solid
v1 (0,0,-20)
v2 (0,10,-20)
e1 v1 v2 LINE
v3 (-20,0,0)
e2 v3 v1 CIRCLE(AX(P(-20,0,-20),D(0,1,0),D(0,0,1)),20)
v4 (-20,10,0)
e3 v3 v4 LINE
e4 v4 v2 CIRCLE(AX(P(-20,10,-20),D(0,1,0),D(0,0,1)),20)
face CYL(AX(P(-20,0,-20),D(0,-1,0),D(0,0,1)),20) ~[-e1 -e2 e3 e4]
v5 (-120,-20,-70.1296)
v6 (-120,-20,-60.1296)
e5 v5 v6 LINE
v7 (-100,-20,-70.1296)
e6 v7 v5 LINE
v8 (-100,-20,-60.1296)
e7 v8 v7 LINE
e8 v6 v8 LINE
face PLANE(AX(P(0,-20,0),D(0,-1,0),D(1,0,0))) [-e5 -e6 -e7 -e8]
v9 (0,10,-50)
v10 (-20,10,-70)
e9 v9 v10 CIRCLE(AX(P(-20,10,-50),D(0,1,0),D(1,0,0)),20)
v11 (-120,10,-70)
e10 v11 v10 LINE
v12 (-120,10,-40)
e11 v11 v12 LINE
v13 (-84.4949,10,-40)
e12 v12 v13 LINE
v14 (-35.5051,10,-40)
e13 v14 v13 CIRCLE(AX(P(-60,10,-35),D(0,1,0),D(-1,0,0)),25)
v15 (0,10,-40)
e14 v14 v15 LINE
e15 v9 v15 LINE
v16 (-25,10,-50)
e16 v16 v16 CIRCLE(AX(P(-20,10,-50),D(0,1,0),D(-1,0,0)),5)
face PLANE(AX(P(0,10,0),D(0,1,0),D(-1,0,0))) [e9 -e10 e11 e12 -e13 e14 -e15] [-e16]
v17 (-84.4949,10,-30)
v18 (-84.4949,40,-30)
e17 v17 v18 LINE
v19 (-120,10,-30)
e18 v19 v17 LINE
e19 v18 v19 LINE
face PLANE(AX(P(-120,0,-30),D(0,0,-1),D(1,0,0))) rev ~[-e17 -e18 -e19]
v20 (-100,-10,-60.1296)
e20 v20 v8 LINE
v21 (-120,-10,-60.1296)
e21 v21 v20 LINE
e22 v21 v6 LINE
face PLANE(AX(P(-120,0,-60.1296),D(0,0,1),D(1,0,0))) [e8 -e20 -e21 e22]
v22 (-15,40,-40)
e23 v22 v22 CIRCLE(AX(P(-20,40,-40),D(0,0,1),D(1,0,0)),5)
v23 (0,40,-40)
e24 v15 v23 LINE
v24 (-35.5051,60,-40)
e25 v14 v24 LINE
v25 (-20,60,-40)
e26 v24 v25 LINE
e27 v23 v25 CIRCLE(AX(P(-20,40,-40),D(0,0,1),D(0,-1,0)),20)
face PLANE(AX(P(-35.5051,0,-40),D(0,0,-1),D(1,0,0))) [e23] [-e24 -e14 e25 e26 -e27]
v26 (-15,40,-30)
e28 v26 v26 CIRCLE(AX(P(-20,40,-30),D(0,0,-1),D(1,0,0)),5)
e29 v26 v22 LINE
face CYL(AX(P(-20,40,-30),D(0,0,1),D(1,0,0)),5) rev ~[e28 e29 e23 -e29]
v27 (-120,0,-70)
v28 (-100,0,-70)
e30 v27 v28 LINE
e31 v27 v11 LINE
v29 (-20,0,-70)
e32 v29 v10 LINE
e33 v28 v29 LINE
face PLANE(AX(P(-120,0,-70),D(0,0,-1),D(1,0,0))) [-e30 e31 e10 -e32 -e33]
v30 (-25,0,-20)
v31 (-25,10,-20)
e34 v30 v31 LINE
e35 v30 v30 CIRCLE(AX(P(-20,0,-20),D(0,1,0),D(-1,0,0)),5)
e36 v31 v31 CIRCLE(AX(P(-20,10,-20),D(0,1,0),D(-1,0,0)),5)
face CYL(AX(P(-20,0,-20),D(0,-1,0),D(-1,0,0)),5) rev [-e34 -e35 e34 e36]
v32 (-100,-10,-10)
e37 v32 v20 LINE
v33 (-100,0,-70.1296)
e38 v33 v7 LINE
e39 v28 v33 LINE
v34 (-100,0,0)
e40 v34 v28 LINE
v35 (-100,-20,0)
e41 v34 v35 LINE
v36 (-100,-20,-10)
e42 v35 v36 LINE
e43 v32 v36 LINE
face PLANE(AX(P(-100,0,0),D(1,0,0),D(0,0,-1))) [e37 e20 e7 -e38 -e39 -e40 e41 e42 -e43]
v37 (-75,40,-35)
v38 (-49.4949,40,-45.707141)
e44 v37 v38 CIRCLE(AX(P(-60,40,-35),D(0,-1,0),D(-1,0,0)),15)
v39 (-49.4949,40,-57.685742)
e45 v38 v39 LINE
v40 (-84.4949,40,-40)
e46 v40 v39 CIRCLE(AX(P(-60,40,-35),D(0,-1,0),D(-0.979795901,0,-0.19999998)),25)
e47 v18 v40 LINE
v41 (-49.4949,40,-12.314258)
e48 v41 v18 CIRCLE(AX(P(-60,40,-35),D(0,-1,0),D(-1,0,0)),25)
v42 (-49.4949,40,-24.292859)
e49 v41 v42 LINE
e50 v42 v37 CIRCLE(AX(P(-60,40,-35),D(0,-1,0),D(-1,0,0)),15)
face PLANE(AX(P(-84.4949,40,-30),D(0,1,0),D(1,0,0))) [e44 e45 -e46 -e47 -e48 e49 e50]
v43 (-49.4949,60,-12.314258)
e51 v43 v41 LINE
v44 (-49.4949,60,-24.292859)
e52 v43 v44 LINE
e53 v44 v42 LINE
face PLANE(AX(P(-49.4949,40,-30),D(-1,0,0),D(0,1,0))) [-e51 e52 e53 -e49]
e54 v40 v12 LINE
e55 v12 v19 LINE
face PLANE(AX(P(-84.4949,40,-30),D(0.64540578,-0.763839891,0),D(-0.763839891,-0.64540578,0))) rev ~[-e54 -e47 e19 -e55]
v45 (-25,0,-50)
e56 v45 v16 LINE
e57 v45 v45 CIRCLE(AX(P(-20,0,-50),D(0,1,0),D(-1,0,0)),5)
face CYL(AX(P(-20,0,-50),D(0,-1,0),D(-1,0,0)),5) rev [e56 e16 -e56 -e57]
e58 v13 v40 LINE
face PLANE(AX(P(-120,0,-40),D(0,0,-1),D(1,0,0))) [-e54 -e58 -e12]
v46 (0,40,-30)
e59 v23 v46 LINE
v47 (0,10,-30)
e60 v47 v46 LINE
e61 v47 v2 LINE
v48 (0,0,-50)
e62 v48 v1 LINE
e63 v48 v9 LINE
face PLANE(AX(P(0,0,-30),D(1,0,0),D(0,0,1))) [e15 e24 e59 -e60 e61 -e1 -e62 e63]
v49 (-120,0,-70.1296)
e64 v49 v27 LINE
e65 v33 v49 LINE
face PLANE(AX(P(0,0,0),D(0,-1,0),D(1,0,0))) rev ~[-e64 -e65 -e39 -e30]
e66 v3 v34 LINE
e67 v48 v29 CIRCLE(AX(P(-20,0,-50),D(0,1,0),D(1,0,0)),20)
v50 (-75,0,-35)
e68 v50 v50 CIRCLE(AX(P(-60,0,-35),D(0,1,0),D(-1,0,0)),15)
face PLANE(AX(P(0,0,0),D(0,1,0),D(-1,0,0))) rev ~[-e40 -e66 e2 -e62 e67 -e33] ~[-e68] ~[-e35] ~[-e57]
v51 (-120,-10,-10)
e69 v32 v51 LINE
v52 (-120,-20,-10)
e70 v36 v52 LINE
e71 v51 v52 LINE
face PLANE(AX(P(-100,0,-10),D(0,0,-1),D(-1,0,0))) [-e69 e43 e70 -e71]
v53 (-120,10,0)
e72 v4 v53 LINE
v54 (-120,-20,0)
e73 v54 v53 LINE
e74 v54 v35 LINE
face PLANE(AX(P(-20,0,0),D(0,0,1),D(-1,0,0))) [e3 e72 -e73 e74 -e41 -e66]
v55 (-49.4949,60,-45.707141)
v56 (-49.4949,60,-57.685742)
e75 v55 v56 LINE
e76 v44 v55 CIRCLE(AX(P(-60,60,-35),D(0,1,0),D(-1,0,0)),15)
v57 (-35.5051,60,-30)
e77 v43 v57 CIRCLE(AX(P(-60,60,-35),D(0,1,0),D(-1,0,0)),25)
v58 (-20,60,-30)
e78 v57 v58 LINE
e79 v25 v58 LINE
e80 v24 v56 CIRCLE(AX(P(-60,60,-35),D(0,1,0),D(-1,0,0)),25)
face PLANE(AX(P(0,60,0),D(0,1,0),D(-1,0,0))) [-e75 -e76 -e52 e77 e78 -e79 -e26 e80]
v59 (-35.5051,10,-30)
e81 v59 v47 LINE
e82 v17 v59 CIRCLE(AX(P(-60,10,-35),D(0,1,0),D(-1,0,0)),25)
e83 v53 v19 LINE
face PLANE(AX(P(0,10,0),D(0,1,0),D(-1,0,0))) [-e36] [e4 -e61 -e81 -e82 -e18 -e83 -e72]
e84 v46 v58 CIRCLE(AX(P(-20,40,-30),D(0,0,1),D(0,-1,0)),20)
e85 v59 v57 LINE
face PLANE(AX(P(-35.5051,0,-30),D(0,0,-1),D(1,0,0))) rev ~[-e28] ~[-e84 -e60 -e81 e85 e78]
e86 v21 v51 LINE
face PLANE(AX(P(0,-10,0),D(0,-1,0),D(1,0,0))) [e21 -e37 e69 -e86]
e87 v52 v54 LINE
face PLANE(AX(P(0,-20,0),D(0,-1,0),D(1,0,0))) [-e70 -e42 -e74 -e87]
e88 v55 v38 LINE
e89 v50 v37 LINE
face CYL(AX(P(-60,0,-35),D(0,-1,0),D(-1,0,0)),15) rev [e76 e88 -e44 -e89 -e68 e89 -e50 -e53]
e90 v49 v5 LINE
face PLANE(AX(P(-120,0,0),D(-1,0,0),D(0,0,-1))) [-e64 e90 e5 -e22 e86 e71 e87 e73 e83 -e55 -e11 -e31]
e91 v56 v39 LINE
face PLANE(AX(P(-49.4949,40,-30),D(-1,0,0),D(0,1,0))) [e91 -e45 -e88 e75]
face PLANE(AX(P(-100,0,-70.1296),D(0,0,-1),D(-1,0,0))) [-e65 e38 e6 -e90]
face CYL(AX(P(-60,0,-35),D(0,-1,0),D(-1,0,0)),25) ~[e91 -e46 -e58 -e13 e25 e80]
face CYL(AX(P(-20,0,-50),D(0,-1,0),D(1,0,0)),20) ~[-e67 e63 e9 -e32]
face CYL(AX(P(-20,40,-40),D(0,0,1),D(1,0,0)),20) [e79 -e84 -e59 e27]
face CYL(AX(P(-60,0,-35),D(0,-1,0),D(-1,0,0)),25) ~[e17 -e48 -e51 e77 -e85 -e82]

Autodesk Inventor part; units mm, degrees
ref_plane "YZ Plane" through (0, 0, 0) normal (1, 0, 0) x (0, 1, 0)
ref_plane "XZ Plane" through (0, 0, 0) normal (0, 1, 0) x (-1, 0, 0)
ref_plane "XY Plane" through (0, 0, 0) normal (0, 0, 1) x (1, 0, 0)
sketch "Boceto1" plane through (0, 0, 0) normal (0, 1, 0) x (-1, 0, 0)
  line L0 (20, 0) -> (120, 0)
  line L1 (120, 0) -> (120, -70)
  line L2 (120, -70) -> (20, -70)
  line L3 (0, -50) -> (0, -20)
  arc A0 (20, 0) -> (0, -20) centre (20, -20) ccw
  arc A1 (0, -50) -> (20, -70) centre (20, -50) ccw
  circle A2 centre (20, -20) radius 5
  circle A3 centre (20, -50) radius 5
  line L4 (120, -35) -> (60, -35)
  line L5 (120, -35) -> (180, -35) construction
  circle A4 centre (60, -35) radius 15
  circle A5 centre (60, -35) radius 25
  line L6 (120, -39.9519) -> (120, -29.9405)
  line L7 (120, -30) -> (155.5051, -30) construction
  line L8 (120, -40) -> (155.5051, -40) construction
  line L9 (120, -40) -> (84.4949, -40)
  line L10 (35.5051, -40) -> (0, -40)
  line L11 (120, -30) -> (84.4949, -30)
  line L12 (35.5051, -30) -> (0, -30)
  point P0 (0, 0)
  point P1 (0, -70)
  dimension "d0" = 120
  dimension "d1" = 70
  dimension "d2" = 20
  dimension "d3" = 20
  dimension "d4" = 10
  dimension "d5" = 10
  dimension "d6" = 60
  dimension "d7" = 180
  dimension "d8" = 30
  dimension "d9" = 50
extrude "Extrusión1" add sketch "Boceto1" along normal blind 10 contours L0 L1 L11 A5 L12 L3 A0 | L10 A5 L9 L1 L2 A1 L3
extrude "Extrusión2" add sketch "Boceto1" along normal blind 60 contours L12 A5 L10 L3 | L1 L4 A5 L11 | A5 | L1 L9 A5 L4
fillet "Empalme1" radius 20 1 edges at (0, 60, -35)
sketch "Boceto2" plane through (-120, 10, -30) normal (0, 0, 1) x (1, 0, 0)
  line L0 (35.5051, 0) -> (84.4949, 0) projected
  line L1 (35.5051, 0) -> (35.5051, 30)
  line L2 (0, 0) -> (100, 0) projected
  line L3 (35.5051, 30) -> (0, 0)
  line L4 (35.5051, 30) -> (70.5051, 30)
  line L5 (70.5051, 30) -> (70.5051, 50)
  line L6 (84.4949, 50) -> (35.5051, 50) projected
  line L7 (35.5051, 30) -> (35.5051, 50)
  line L8 (35.5051, 50) -> (0, 50)
  line L9 (0, 50) -> (0, 0)
  line L10 (70.5051, 30) -> (70.5051, 50)
  line L11 (84.4949, 50) -> (35.5051, 50) projected
  line L12 (35.5051, 50) -> (35.5051, 30)
  line L13 (0, 0) -> (35.5051, 30)
  line L14 (70.5051, 30) -> (35.5051, 30)
  line L15 (70.5051, 30) -> (70.5051, 50)
  line L16 (70.5051, 50) -> (0, 50)
  line L17 (0, 50) -> (0, 0)
  dimension "d17" = 30
  dimension "d18" = 35
  dimension "d19" = 20
extrude "Extrusión4" cut sketch "Boceto2" along normal mid plane 60 contours L7 L6 L5 L4 | L3 L9 L8 L7
sketch "Boceto3" plane through (-35.5051, 10, -30) normal (0, 0, 1) x (1, 0, 0)
  line L0 (35.5051, 0) -> (35.5051, 30) projected
  line L1 (35.5051, 0) -> (15.5051, 0) projected
  line L2 (35.5051, 0) -> (15.5051, 0)
  line L3 (15.5051, 0) -> (15.5051, 30)
  circle A0 centre (15.5051, 30) radius 5
  point P0 (35.5051, -10)
  dimension "d25" = 10
extrude "Extrusión5" cut sketch "Boceto3" against normal blind 60
sketch "Boceto4" plane through (0, 0, 0) normal (0, -1, 0) x (1, 0, 0)
  line L0 (-120, -30) -> (-120, 0) projected
  line L1 (-120, 0) -> (-100, 0)
  line L2 (-100, 0) -> (-100, -10)
  line L3 (-100, -10) -> (-120, -10)
  line L4 (-120, -10) -> (-120, 0)
  line L5 (-120, -60.1296) -> (-100, -60.1296)
  line L6 (-100, -60.1296) -> (-100, -70.1296)
  line L7 (-100, -70.1296) -> (-120, -70.1296)
  line L8 (-120, -70.1296) -> (-120, -60.1296)
  line L9 (-100, -10) -> (-100, -60.1296)
  line L10 (-120, -10) -> (-120, -60.1296)
  point P0 (0, 0)
  dimension "d28" = 20
  dimension "d29" = 10
  dimension "d30" = 20
  dimension "d31" = 10
extrude "Extrusión6" add sketch "Boceto4" along normal blind 10 contours L0 L3 L9 L5 L10
extrude "Extrusión7" add sketch "Boceto4" along normal blind 20 contours L0 L1 L2 L3 | L5 L6 L7 L8
